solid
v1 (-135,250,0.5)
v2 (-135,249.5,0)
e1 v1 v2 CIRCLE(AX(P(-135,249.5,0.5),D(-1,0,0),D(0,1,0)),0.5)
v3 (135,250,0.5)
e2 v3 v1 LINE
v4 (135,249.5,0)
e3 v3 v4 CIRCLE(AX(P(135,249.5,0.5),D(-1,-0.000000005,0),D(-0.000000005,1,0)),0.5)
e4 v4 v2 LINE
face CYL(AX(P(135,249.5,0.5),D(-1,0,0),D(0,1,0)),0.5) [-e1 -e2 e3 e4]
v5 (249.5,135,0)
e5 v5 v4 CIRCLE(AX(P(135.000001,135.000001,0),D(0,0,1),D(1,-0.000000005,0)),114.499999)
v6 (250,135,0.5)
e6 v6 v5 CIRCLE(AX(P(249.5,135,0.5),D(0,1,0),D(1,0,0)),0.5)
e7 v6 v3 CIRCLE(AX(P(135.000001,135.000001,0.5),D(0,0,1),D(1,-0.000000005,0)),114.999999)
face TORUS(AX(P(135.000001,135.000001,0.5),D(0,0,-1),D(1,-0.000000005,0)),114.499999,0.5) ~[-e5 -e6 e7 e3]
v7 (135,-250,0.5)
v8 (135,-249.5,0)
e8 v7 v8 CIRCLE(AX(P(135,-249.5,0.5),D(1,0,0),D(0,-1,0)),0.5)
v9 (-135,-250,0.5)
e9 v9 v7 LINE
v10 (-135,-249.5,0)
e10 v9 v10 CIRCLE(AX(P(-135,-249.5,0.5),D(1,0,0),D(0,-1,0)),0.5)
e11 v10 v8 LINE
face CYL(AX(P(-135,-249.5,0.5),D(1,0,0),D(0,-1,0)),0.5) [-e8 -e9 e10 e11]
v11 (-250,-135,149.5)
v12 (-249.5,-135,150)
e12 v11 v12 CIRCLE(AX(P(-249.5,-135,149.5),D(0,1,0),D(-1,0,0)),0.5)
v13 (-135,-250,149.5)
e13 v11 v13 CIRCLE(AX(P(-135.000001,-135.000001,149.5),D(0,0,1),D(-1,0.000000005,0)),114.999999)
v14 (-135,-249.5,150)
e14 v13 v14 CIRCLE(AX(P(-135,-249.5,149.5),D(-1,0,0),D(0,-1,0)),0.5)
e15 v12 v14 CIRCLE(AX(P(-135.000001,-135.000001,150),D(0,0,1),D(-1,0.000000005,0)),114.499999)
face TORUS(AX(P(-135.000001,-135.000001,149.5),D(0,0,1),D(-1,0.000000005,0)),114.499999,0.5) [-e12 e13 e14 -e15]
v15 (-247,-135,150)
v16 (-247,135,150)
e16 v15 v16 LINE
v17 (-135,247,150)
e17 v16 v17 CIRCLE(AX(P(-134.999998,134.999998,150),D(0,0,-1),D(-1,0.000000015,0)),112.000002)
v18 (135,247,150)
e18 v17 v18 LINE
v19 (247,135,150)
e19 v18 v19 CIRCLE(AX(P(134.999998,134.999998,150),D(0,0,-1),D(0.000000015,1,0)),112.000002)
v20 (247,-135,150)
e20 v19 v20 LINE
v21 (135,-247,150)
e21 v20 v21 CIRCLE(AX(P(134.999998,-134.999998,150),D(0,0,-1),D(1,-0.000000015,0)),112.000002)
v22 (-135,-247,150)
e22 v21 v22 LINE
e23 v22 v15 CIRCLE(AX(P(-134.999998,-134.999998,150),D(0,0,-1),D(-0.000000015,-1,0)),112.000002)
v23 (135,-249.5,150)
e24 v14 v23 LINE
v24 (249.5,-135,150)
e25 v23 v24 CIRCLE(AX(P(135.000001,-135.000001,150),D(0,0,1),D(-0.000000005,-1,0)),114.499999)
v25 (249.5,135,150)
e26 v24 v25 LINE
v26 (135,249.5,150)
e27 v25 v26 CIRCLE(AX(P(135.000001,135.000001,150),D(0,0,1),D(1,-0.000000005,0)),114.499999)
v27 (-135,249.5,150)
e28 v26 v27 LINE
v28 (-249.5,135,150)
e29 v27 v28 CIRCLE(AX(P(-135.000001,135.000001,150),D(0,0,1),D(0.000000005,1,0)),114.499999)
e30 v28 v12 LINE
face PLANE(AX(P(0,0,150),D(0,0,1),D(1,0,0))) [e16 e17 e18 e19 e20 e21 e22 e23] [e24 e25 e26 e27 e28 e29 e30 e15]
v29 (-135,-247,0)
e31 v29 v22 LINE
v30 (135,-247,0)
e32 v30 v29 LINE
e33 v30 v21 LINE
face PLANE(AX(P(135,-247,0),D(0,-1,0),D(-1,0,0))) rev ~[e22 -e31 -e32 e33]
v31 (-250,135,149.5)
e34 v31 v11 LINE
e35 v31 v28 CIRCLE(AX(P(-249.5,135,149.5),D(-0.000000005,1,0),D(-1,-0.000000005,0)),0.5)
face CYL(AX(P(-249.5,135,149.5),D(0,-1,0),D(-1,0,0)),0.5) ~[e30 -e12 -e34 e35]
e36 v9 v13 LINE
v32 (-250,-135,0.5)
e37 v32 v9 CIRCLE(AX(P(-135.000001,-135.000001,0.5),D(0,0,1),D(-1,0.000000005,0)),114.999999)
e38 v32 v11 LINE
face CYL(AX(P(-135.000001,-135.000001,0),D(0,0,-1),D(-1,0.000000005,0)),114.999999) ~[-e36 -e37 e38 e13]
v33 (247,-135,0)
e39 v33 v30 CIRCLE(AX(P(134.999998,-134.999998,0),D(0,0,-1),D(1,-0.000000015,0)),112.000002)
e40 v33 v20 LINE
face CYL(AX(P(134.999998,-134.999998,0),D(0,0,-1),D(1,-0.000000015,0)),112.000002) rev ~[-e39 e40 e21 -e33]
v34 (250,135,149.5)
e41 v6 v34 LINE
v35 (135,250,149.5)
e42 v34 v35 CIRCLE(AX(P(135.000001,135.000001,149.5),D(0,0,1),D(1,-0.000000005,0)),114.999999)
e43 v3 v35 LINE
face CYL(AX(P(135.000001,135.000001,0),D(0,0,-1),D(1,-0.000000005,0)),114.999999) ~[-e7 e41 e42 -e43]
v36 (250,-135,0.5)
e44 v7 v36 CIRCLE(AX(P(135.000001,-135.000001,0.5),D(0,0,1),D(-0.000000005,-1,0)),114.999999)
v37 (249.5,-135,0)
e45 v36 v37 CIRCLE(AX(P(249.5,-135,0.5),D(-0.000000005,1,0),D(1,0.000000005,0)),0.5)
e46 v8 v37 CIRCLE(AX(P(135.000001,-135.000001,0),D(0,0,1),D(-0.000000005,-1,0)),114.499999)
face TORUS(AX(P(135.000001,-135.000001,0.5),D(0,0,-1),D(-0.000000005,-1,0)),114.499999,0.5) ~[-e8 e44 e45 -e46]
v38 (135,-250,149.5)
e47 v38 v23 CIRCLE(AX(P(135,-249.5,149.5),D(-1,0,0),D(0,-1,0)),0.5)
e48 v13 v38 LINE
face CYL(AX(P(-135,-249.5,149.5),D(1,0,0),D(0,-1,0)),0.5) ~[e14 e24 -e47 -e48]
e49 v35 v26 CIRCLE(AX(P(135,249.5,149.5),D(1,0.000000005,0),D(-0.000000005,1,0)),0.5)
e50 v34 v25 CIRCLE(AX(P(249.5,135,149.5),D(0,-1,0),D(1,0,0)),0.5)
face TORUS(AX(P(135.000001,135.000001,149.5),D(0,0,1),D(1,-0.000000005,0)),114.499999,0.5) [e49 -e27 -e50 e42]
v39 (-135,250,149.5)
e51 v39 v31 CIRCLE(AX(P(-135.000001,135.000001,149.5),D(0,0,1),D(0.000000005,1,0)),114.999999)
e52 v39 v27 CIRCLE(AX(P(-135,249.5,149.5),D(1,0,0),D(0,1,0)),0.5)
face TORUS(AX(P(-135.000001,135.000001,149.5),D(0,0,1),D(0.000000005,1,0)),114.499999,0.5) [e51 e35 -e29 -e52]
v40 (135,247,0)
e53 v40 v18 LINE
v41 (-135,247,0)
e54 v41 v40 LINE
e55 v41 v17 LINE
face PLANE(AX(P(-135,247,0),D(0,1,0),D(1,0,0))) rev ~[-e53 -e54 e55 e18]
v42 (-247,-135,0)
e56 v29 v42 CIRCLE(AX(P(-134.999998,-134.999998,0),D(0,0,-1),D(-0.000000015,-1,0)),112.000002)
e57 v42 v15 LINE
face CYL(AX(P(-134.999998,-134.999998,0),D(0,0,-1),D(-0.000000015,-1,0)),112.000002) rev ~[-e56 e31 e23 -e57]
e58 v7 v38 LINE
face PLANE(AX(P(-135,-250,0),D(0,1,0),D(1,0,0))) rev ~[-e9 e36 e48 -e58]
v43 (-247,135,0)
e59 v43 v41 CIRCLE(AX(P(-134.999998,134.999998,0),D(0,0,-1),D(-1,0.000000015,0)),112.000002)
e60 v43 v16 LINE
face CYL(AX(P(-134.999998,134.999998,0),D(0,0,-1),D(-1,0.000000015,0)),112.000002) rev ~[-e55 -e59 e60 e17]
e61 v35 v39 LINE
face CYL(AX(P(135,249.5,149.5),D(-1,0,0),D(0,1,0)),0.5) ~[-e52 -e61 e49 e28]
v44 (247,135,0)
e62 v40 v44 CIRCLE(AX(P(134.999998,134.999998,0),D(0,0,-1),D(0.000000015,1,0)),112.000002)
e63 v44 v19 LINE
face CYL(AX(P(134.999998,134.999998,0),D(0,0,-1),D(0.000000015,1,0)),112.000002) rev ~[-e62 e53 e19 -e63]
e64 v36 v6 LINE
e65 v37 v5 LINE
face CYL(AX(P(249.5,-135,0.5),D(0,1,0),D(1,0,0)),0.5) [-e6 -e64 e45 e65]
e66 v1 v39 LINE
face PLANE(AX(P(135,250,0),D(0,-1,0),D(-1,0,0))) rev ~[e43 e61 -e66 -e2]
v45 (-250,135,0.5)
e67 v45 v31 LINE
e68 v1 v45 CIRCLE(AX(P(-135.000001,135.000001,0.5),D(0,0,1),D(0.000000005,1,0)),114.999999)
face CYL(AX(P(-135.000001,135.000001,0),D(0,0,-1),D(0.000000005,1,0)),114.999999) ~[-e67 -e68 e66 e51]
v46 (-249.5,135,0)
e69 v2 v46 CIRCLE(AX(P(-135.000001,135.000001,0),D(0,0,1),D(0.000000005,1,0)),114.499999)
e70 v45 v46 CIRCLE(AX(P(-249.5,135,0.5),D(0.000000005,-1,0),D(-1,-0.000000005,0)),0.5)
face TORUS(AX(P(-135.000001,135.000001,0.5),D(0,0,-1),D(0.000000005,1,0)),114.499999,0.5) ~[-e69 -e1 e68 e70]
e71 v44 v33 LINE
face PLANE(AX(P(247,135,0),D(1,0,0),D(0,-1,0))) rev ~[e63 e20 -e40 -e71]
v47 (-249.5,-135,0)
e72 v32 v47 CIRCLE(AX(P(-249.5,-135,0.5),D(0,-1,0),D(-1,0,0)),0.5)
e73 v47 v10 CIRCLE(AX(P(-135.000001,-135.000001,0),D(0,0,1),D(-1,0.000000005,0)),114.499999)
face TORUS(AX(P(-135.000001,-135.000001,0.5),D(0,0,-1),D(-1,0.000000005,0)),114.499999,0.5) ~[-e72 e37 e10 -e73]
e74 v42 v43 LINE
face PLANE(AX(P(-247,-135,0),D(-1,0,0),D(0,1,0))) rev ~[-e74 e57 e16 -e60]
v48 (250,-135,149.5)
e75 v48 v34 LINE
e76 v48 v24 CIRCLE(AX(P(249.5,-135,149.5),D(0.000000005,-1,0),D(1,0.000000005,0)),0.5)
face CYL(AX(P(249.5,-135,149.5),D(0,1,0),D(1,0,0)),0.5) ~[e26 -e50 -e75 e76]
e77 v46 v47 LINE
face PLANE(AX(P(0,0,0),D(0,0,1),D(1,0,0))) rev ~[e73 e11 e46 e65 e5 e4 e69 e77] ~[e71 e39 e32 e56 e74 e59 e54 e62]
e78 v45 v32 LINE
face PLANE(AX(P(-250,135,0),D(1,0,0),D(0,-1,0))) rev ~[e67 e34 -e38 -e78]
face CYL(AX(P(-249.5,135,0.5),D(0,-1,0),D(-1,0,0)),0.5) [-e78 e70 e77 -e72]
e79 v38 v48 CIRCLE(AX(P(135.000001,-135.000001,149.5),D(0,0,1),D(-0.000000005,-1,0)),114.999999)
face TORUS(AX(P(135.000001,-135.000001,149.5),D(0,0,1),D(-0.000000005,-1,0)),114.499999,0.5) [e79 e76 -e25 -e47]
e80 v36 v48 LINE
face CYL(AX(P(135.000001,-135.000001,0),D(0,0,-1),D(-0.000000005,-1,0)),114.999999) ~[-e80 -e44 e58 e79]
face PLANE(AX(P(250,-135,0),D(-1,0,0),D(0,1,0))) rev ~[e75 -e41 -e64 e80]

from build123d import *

# Parameters (mm, degrees)
F1_DEPTH = 150
F2_R     = 0.5


with BuildPart() as f1:
    # F0 (on Top) → F1 (new body)
    with BuildSketch(Plane.XY):
        with BuildLine():
            Line((135, 250), (-135, 250))
            ThreePointArc((-135, 250), (-216.31728, 216.31728), (-250, 135))
            Line((-250, 135), (-250, -135))
            ThreePointArc((-250, -135), (-216.31728, -216.31728), (-135, -250))
            Line((-135, -250), (135, -250))
            ThreePointArc((135, -250), (216.31728, -216.31728), (250, -135))
            Line((250, -135), (250, 135))
            ThreePointArc((250, 135), (216.31728, 216.31728), (135, 250))
        make_face()
        with BuildLine():
            ThreePointArc((-247, 135), (-214.195959, 214.195959), (-135, 247))
            Line((-135, 247), (135, 247))
            ThreePointArc((135, 247), (214.195959, 214.195959), (247, 135))
            Line((247, 135), (247, -135))
            ThreePointArc((247, -135), (214.195959, -214.195959), (135, -247))
            Line((135, -247), (-135, -247))
            ThreePointArc((-135, -247), (-214.195959, -214.195959), (-247, -135))
            Line((-247, -135), (-247, 135))
        make_face(mode=Mode.SUBTRACT)
    extrude(amount=F1_DEPTH)

    # F2
    f2_edges = [f1.edges().sort_by_distance(p)[0] for p in [
        (0, -250, 150),
        (216.31728, -216.31728, 150),
        (250, 0, 150),
        (216.31728, 216.31728, 150),
        (0, 250, 150),
        (-216.31728, 216.31728, 150),
        (-250, 0, 150),
        (-216.31728, -216.31728, 150),
        (0, -250, 0),
        (-216.31728, -216.31728, 0),
        (-250, 0, 0),
        (-216.31728, 216.31728, 0),
        (0, 250, 0),
        (216.31728, 216.31728, 0),
        (250, 0, 0),
        (216.31728, -216.31728, 0),
    ]]
    fillet(f2_edges, radius=F2_R)


solid = f1.part
